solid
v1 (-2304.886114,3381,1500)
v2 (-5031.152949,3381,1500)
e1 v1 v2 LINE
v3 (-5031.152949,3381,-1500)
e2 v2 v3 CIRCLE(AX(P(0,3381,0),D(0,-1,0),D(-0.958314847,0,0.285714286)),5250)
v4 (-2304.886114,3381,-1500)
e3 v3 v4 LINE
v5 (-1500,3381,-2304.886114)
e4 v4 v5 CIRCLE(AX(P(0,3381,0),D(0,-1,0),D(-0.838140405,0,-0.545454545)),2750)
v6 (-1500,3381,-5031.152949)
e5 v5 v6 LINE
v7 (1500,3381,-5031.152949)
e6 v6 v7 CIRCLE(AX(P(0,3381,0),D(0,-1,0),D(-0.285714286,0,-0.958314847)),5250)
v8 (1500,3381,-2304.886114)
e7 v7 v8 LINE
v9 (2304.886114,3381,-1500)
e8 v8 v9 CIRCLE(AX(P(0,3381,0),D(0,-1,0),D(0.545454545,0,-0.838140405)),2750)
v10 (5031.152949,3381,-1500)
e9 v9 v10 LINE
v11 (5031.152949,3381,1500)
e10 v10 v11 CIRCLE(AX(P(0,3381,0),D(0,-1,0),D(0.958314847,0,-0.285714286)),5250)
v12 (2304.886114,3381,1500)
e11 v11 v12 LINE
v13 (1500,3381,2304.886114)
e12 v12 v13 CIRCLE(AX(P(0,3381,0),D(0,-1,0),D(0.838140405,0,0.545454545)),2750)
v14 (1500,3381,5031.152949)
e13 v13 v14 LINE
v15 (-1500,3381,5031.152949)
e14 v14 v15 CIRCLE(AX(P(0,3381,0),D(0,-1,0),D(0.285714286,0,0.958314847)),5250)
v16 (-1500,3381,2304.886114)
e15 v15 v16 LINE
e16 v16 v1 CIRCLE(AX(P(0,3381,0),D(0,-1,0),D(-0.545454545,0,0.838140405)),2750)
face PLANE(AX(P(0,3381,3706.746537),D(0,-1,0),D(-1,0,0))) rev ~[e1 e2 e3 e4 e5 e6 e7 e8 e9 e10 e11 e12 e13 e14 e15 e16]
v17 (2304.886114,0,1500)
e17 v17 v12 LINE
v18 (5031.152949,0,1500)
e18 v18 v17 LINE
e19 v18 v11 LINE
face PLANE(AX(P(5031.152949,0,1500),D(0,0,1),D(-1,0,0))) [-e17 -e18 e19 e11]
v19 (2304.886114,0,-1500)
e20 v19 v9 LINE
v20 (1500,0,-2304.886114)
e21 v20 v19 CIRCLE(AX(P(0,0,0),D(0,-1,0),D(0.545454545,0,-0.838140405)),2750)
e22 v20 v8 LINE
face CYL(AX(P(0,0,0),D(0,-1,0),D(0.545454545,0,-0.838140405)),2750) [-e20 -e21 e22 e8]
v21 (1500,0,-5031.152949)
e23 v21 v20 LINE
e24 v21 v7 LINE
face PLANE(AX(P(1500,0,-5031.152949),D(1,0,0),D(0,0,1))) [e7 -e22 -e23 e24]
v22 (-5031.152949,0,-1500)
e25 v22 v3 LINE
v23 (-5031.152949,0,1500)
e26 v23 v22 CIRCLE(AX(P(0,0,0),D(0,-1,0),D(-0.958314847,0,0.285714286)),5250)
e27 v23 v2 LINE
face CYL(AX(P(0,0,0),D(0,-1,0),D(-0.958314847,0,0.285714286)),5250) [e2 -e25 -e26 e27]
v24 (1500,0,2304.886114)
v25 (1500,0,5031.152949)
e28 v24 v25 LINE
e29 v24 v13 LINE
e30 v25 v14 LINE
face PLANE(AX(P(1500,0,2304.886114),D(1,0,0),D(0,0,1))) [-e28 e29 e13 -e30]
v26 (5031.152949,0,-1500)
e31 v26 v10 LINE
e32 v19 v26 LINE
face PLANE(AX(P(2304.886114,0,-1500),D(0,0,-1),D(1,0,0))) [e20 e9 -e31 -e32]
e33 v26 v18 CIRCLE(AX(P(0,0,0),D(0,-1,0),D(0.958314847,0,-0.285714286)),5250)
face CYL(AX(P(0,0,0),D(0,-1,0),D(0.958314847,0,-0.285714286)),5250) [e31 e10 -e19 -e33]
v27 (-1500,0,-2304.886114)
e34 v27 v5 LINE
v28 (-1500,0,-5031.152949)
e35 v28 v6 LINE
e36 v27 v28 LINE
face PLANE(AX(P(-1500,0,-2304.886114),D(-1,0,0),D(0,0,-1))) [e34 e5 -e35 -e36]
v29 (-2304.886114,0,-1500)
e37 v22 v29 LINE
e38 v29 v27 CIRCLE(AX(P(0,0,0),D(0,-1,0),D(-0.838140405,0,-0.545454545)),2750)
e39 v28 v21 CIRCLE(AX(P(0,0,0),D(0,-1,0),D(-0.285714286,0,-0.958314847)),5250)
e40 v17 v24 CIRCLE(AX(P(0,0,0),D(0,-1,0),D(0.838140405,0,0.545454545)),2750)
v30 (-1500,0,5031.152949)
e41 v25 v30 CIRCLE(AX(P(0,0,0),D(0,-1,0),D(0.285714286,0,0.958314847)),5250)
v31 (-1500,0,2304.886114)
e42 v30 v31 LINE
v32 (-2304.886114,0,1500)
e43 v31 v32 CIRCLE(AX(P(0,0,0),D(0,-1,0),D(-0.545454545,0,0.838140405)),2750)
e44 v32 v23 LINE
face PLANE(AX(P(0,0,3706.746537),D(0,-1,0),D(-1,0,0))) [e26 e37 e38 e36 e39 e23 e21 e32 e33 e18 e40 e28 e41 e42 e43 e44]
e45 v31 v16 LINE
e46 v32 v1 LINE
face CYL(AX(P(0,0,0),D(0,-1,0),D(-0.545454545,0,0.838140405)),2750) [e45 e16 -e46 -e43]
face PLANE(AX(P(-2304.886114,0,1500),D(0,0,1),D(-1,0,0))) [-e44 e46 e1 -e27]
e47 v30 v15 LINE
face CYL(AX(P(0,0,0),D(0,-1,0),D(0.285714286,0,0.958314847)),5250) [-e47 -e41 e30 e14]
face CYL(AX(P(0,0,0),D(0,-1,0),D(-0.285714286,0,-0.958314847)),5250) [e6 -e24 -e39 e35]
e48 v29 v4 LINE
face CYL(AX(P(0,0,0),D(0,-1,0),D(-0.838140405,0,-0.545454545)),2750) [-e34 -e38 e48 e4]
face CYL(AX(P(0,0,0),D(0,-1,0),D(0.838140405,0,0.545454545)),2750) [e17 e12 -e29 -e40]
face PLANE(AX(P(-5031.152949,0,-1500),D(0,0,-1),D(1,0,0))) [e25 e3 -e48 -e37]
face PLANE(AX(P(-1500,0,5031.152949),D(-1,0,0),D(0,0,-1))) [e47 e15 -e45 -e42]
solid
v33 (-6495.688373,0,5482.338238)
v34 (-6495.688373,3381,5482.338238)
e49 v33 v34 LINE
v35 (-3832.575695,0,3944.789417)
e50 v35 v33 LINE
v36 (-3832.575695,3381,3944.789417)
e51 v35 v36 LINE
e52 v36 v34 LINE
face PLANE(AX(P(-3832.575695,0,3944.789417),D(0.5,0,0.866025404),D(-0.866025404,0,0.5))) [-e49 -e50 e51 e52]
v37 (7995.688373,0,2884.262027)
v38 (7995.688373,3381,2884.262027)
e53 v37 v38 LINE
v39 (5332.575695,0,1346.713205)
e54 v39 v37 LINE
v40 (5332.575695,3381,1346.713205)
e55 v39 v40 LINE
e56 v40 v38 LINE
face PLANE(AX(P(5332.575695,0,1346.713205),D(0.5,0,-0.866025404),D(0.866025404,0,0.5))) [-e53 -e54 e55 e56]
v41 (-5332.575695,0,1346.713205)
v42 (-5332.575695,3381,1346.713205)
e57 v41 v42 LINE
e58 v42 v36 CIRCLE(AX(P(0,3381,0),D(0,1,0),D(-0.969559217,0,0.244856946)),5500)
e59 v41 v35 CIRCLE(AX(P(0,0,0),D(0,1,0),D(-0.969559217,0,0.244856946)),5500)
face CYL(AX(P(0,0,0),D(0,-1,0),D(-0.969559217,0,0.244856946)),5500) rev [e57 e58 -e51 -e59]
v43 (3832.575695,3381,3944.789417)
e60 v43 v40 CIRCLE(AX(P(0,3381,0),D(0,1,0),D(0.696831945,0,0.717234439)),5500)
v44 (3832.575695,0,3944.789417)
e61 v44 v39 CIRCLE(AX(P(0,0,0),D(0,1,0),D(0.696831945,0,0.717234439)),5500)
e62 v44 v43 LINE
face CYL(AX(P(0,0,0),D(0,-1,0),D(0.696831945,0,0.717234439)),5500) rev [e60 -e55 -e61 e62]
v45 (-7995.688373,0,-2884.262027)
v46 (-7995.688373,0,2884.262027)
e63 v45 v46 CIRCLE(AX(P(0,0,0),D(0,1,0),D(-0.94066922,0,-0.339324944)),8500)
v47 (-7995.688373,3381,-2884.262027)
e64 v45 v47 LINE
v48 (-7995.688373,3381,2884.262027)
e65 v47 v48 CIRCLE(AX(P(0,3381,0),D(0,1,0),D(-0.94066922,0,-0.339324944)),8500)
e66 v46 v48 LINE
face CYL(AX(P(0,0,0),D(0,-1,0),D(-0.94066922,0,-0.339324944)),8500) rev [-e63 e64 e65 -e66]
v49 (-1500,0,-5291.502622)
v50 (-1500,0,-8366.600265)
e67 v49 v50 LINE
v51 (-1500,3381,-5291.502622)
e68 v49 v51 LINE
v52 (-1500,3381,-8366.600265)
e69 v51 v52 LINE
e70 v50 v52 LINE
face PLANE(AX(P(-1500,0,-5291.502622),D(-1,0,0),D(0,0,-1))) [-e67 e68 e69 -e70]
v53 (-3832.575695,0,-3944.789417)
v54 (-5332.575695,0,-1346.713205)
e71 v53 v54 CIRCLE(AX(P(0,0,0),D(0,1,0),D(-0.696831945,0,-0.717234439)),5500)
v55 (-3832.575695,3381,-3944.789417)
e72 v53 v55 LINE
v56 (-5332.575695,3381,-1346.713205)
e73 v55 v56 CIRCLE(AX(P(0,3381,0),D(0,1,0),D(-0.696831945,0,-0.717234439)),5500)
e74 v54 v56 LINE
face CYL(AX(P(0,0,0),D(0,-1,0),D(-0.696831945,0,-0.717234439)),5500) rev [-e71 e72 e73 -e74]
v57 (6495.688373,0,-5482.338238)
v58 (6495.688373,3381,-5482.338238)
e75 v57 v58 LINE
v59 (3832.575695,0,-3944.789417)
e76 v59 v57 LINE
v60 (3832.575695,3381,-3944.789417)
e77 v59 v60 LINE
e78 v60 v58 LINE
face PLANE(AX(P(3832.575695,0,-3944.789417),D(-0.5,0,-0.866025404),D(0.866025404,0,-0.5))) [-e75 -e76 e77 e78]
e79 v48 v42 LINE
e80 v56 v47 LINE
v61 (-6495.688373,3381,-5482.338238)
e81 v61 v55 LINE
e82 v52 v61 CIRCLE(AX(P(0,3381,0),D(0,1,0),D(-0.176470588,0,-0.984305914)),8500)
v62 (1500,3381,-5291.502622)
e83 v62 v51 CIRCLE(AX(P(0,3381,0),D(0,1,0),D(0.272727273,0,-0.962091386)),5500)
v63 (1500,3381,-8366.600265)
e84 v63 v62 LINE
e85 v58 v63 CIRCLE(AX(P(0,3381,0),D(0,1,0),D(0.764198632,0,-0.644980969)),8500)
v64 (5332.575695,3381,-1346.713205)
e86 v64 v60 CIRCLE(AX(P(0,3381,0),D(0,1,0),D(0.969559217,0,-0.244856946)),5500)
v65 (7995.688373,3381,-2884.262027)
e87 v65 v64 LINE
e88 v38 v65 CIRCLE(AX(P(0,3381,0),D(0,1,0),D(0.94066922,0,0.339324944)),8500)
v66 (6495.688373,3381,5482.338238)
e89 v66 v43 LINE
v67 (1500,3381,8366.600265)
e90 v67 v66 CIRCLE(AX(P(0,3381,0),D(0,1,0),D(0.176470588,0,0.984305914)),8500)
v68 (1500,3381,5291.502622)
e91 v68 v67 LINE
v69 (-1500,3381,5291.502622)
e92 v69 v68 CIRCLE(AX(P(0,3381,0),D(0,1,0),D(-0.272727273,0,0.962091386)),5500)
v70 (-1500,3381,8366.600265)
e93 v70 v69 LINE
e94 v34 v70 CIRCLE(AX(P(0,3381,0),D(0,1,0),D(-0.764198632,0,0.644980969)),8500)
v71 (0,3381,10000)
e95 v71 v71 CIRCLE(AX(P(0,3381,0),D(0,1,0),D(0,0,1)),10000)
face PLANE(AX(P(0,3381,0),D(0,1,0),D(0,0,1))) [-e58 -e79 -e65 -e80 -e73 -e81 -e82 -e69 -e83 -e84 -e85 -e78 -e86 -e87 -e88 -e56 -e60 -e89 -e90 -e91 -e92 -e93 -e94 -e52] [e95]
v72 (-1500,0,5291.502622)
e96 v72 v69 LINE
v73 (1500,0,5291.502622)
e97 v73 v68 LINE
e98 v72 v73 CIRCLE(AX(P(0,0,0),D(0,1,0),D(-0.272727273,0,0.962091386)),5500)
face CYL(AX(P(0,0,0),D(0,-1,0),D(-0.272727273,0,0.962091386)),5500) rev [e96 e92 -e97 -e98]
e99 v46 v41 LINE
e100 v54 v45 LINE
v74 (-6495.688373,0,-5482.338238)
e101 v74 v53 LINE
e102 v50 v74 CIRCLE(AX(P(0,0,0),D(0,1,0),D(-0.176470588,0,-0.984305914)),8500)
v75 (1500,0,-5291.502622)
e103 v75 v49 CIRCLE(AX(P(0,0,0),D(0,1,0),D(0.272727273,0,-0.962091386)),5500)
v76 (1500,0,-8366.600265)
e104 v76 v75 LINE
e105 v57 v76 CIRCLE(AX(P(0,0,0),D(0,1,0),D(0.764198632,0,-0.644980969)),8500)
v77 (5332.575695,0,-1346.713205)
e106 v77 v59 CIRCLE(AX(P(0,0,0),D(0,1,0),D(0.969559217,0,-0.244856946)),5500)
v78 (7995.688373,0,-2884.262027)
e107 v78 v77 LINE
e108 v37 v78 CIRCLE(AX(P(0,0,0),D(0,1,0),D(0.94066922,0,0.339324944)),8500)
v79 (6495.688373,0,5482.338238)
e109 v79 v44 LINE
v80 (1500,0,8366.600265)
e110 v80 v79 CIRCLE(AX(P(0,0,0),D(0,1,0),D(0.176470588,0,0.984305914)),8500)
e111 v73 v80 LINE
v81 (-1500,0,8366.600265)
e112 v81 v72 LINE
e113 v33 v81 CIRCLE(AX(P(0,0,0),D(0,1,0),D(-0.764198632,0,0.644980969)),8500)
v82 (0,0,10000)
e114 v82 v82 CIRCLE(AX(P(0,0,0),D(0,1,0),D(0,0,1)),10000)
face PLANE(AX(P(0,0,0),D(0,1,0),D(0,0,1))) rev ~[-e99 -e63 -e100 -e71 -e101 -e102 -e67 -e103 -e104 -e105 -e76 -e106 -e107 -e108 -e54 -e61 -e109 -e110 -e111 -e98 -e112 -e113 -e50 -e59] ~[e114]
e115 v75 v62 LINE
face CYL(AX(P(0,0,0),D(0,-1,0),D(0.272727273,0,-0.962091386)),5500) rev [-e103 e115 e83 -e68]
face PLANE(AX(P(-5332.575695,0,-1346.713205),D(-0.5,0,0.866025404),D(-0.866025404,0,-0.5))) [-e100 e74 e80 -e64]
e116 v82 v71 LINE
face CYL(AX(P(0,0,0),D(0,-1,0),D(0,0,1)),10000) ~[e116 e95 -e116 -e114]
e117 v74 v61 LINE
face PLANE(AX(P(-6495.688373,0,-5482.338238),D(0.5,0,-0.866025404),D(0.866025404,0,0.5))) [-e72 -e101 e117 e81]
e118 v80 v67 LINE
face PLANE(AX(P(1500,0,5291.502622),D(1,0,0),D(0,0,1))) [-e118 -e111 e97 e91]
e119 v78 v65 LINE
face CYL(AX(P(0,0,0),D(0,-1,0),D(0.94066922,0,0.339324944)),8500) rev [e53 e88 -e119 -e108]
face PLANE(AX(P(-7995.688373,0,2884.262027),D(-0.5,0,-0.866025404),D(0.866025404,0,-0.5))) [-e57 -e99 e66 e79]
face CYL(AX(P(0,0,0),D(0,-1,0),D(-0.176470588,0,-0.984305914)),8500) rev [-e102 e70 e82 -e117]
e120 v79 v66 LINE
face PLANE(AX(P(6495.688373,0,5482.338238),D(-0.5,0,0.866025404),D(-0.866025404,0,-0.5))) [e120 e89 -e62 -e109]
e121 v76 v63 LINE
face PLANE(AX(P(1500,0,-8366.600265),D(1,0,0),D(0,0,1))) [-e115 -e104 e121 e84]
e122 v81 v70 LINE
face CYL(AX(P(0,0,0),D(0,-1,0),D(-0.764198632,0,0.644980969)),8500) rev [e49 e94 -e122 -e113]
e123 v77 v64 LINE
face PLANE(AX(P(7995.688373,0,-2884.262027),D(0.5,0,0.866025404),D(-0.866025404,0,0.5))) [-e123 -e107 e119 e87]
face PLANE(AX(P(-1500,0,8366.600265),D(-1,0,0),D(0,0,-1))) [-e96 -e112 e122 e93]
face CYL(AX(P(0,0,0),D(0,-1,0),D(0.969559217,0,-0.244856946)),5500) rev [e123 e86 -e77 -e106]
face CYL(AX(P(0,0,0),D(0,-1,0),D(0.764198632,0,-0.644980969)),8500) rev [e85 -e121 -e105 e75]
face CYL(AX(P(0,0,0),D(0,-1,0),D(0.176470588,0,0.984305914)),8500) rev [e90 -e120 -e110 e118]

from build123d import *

# Parameters (mm, degrees)
IZIM1_R                     = 10000
Y_KSEKLIK_EKSTR_ZYON4_DEPTH = 3381


with BuildPart() as part:
    # Çizim1 → Yükseklik-Ekstrüzyon4 (new body)
    # profile 1 of 3: a face of its own
    with BuildSketch(Plane(origin=(0, 0, 0), x_dir=(1, 0, 0), z_dir=(0, 1, 0))):
        with Locations(Location((0, 0, 0), (0, 0, 270))):
            Circle(IZIM1_R)
        with BuildLine():
            ThreePointArc((-6495.688373095, -5482.338238347), (-4250, -7361.215932168), (-1500, -8366.600265341))
            Line((-1500, -8366.600265341), (-1500, -5291.502622129))
            ThreePointArc((-1500, -5291.502622129), (0, -5500), (1500, -5291.502622129))
            Line((1500, -5291.502622129), (1500, -8366.600265341))
            ThreePointArc((1500, -8366.600265341), (4250, -7361.215932168), (6495.688373095, -5482.338238347))
            Line((6495.688373095, -5482.338238347), (3832.575694956, -3944.789416741))
            ThreePointArc((3832.575694956, -3944.789416741), (4763.139720814, -2750), (5332.575694956, -1346.713205388))
            Line((5332.575694956, -1346.713205388), (7995.688373095, -2884.262026994))
            ThreePointArc((7995.688373095, -2884.262026994), (8500, 0), (7995.688373095, 2884.262026994))
            Line((7995.688373095, 2884.262026994), (5332.575694956, 1346.713205388))
            ThreePointArc((5332.575694956, 1346.713205388), (4763.139720814, 2750), (3832.575694956, 3944.789416741))
            Line((3832.575694956, 3944.789416741), (6495.688373095, 5482.338238347))
            ThreePointArc((6495.688373095, 5482.338238347), (4250, 7361.215932168), (1500, 8366.600265341))
            Line((1500, 8366.600265341), (1500, 5291.502622129))
            ThreePointArc((1500, 5291.502622129), (0, 5500), (-1500, 5291.502622129))
            Line((-1500, 5291.502622129), (-1500, 8366.600265341))
            ThreePointArc((-1500, 8366.600265341), (-4250, 7361.215932168), (-6495.688373095, 5482.338238347))
            Line((-6495.688373095, 5482.338238347), (-3832.575694956, 3944.789416741))
            ThreePointArc((-3832.575694956, 3944.789416741), (-4763.139720814, 2750), (-5332.575694956, 1346.713205388))
            Line((-5332.575694956, 1346.713205388), (-7995.688373095, 2884.262026994))
            ThreePointArc((-7995.688373095, 2884.262026994), (-8500, 0), (-7995.688373095, -2884.262026994))
            Line((-7995.688373095, -2884.262026994), (-5332.575694956, -1346.713205388))
            ThreePointArc((-5332.575694956, -1346.713205388), (-4763.139720814, -2750), (-3832.575694956, -3944.789416741))
            Line((-3832.575694956, -3944.789416741), (-6495.688373095, -5482.338238347))
        make_face(mode=Mode.SUBTRACT)
    # profile 2 of 3: a face of its own
    with BuildSketch(Plane(origin=(0, 0, 0), x_dir=(1, 0, 0), z_dir=(0, 1, 0))):
        with BuildLine():
            Line((1500, -2304.886114323), (-1500, -2304.886114323))
            ThreePointArc((-1500, -2304.886114323), (-1944.543648263, -1944.543648263), (-2304.886114323, -1500))
            Line((-2304.886114323, -1500), (-5031.152949375, -1500))
            ThreePointArc((-5031.152949375, -1500), (-5250, 0), (-5031.152949375, 1500))
            Line((-5031.152949375, 1500), (-2304.886114323, 1500))
            ThreePointArc((-2304.886114323, 1500), (-1944.543648263, 1944.543648263), (-1500, 2304.886114323))
            Line((-1500, 2304.886114323), (-1500, 5031.152949375))
            ThreePointArc((-1500, 5031.152949375), (0, 5250), (1500, 5031.152949375))
            Line((1500, 5031.152949375), (1500, 2304.886114323))
            ThreePointArc((1500, 2304.886114323), (1944.543648263, 1944.543648263), (2304.886114323, 1500))
            Line((2304.886114323, 1500), (5031.152949375, 1500))
            ThreePointArc((5031.152949375, 1500), (5250, 0), (5031.152949375, -1500))
            Line((5031.152949375, -1500), (2304.886114323, -1500))
            ThreePointArc((2304.886114323, -1500), (1944.543648263, -1944.543648263), (1500, -2304.886114323))
        make_face()
    # profile 3 of 3: a face of its own
    with BuildSketch(Plane(origin=(0, 0, 0), x_dir=(1, 0, 0), z_dir=(0, 1, 0))):
        with BuildLine():
            Line((-1500, -5031.152949375), (-1500, -2304.886114323))
            Line((-1500, -2304.886114323), (1500, -2304.886114323))
            Line((1500, -2304.886114323), (1500, -5031.152949375))
            ThreePointArc((1500, -5031.152949375), (0, -5250), (-1500, -5031.152949375))
        make_face()
    extrude(amount=Y_KSEKLIK_EKSTR_ZYON4_DEPTH)


solid = part.part
